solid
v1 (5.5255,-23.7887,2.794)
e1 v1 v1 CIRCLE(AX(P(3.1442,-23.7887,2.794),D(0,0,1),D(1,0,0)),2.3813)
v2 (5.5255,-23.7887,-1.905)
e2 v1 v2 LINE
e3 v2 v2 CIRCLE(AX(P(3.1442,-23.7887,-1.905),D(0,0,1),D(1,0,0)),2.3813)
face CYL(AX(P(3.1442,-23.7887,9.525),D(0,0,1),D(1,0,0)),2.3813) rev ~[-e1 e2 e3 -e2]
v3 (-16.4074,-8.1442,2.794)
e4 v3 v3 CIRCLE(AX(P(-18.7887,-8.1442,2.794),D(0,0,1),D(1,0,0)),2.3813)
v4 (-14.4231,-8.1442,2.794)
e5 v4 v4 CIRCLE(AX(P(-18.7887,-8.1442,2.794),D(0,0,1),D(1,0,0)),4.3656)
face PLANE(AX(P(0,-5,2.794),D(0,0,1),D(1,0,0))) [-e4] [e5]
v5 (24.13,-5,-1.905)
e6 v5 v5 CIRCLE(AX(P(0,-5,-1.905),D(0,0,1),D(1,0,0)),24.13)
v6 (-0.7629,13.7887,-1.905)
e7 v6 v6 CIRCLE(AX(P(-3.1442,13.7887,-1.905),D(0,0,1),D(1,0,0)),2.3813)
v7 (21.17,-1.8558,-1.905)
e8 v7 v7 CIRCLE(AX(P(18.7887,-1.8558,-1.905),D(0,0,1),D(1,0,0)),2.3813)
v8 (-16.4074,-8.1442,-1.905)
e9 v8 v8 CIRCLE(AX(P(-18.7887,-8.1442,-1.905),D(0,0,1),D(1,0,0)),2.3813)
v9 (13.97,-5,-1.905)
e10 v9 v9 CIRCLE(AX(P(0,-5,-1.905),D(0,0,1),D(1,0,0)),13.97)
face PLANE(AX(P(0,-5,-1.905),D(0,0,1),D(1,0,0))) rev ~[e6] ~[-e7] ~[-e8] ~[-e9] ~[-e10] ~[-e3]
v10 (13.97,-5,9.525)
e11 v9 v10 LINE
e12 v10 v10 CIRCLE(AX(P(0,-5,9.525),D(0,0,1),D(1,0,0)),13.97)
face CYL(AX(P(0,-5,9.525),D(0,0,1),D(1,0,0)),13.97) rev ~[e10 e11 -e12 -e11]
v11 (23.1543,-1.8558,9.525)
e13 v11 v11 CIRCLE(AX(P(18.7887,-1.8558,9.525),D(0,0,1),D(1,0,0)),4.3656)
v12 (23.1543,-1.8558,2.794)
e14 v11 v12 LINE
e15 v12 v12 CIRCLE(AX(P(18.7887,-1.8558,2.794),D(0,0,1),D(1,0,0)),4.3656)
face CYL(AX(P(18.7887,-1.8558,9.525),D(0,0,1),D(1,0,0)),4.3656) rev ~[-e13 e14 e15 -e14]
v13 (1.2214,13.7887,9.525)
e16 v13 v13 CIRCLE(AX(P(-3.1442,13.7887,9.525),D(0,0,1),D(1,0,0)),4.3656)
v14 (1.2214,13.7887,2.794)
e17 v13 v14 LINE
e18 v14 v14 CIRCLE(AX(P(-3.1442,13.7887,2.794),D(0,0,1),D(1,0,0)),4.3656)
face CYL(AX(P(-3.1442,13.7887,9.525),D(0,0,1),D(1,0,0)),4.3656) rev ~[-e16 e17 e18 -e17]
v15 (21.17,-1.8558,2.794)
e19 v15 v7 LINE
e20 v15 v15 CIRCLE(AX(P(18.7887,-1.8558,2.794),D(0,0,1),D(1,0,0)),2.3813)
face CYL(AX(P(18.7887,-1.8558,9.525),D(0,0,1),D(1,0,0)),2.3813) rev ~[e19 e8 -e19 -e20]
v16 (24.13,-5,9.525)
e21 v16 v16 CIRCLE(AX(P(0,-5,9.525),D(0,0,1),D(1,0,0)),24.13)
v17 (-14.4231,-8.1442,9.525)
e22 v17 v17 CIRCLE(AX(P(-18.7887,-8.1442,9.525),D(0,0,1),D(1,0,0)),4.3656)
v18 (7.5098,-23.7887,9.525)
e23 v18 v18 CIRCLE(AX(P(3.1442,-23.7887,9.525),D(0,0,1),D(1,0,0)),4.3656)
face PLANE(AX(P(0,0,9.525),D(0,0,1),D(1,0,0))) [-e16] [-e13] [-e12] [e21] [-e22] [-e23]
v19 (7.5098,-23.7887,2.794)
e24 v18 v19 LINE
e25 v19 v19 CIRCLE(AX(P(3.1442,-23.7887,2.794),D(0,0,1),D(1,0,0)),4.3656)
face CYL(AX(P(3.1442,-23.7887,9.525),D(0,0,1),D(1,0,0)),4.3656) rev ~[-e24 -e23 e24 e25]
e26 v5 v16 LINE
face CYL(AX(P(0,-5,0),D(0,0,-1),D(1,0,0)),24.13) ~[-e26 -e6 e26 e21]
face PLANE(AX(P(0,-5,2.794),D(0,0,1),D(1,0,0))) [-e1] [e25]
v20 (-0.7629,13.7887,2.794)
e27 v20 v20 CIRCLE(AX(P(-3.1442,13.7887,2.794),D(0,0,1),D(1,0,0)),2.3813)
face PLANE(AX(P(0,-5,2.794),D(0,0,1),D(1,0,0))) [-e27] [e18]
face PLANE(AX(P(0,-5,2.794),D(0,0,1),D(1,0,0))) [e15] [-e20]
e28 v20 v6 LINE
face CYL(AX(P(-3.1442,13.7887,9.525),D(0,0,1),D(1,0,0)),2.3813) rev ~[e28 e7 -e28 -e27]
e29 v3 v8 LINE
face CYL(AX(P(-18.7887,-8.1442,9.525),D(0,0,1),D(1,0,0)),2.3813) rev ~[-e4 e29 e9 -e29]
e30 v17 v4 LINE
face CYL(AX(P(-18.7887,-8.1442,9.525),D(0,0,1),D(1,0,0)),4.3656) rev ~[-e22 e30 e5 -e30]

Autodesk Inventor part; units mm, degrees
ref_plane "YZ Plane" through (0, 0, 0) normal (1, 0, 0) x (0, 1, 0)
ref_plane "XZ Plane" through (0, 0, 0) normal (0, 1, 0) x (-1, 0, 0)
sketch "Sketch1" plane through (0, 0, 0) normal (0, 0, 1) x (1, 0, 0)
  circle A0 centre (0, -5) radius 24.13
  arc A1 (8.8745, 26.3158) -> (5.7516, 27.0368) centre (0, -5) ccw projected
  arc A2 (4.2323, 24.7681) -> (5.7516, 27.0368) centre (-4.1491, 32.0239) ccw projected
  arc A3 (-2.4071, 24.9709) -> (4.2323, 24.7681) centre (0.994, 27.5338) ccw projected
  arc A4 (-3.7851, 27.3282) -> (-2.4071, 24.9709) centre (6.4016, 31.7016) ccw projected
  arc A5 (-3.7851, 27.3282) -> (-6.9462, 26.7992) centre (0, -5) ccw projected
  arc A6 (-7.4816, 24.1217) -> (-6.9462, 26.7992) centre (-18.0017, 27.6179) ccw projected
  arc A7 (-13.6933, 21.7684) -> (-7.4816, 24.1217) centre (-11.5318, 25.4377) ccw projected
  arc A8 (-15.8684, 23.4189) -> (-13.6933, 21.7684) centre (-8.1308, 31.3576) ccw projected
  arc A9 (-15.8684, 23.4189) -> (-18.5865, 21.7204) centre (0, -5) ccw projected
  arc A10 (-18.0565, 19.0419) -> (-18.5865, 21.7204) centre (-29.1137, 18.246) ccw projected
  arc A11 (-22.8947, 14.4906) -> (-18.0565, 19.0419) centre (-22.302, 18.7078) ccw projected
  arc A12 (-25.5359, 15.183) -> (-22.8947, 14.4906) centre (-21.4253, 25.4785) ccw projected
  arc A13 (-25.5359, 15.183) -> (-27.3971, 12.5737) centre (0, -5) ccw projected
  arc A14 (-25.8825, 10.3019) -> (-27.3971, 12.5737) centre (-35.7934, 5.3352) ccw projected
  arc A15 (-28.6107, 4.2455) -> (-25.8825, 10.3019) centre (-29.677, 8.3685) ccw projected
  arc A16 (-31.3158, 3.8745) -> (-28.6107, 4.2455) centre (-31.4581, 14.9594) ccw projected
  arc A17 (-31.3158, 3.8745) -> (-32.0368, 0.7516) centre (0, -5) ccw projected
  arc A18 (-29.7681, -0.7677) -> (-32.0368, 0.7516) centre (-37.0239, -9.1491) ccw projected
  arc A19 (-29.9709, -7.4071) -> (-29.7681, -0.7677) centre (-32.5338, -4.006) ccw projected
  arc A20 (-32.3282, -8.7851) -> (-29.9709, -7.4071) centre (-36.7016, 1.4016) ccw projected
  arc A21 (-32.3282, -8.7851) -> (-31.7992, -11.9462) centre (0, -5) ccw projected
  arc A22 (-29.1217, -12.4816) -> (-31.7992, -11.9462) centre (-32.6179, -23.0017) ccw projected
  arc A23 (-26.7684, -18.6933) -> (-29.1217, -12.4816) centre (-30.4377, -16.5318) ccw projected
  arc A24 (-28.4189, -20.8684) -> (-26.7684, -18.6933) centre (-36.3576, -13.1308) ccw projected
  arc A25 (-28.4189, -20.8684) -> (-26.7204, -23.5865) centre (0, -5) ccw projected
  arc A26 (-24.0419, -23.0565) -> (-26.7204, -23.5865) centre (-23.246, -34.1137) ccw projected
  arc A27 (-19.4906, -27.8947) -> (-24.0419, -23.0565) centre (-23.7078, -27.302) ccw projected
  arc A28 (-20.183, -30.5359) -> (-19.4906, -27.8947) centre (-30.4785, -26.4253) ccw projected
  arc A29 (-20.183, -30.5359) -> (-17.5737, -32.3971) centre (0, -5) ccw projected
  arc A30 (-15.3019, -30.8825) -> (-17.5737, -32.3971) centre (-10.3352, -40.7934) ccw projected
  arc A31 (-9.2455, -33.6107) -> (-15.3019, -30.8825) centre (-13.3685, -34.677) ccw projected
  arc A32 (-8.8745, -36.3158) -> (-9.2455, -33.6107) centre (-19.9594, -36.4581) ccw projected
  arc A33 (-8.8745, -36.3158) -> (-5.7516, -37.0368) centre (0, -5) ccw projected
  arc A34 (-4.2323, -34.7681) -> (-5.7516, -37.0368) centre (4.1491, -42.0239) ccw projected
  arc A35 (2.4071, -34.9709) -> (-4.2323, -34.7681) centre (-0.994, -37.5338) ccw projected
  arc A36 (3.7851, -37.3282) -> (2.4071, -34.9709) centre (-6.4016, -41.7016) ccw projected
  arc A37 (3.7851, -37.3282) -> (6.9462, -36.7992) centre (0, -5) ccw projected
  arc A38 (7.4816, -34.1217) -> (6.9462, -36.7992) centre (18.0017, -37.6179) ccw projected
  arc A39 (13.6933, -31.7684) -> (7.4816, -34.1217) centre (11.5318, -35.4377) ccw projected
  arc A40 (15.8684, -33.4189) -> (13.6933, -31.7684) centre (8.1308, -41.3576) ccw projected
  arc A41 (15.8684, -33.4189) -> (18.5865, -31.7204) centre (0, -5) ccw projected
  arc A42 (18.0565, -29.0419) -> (18.5865, -31.7204) centre (29.1137, -28.246) ccw projected
  arc A43 (22.8947, -24.4906) -> (18.0565, -29.0419) centre (22.302, -28.7078) ccw projected
  arc A44 (25.5359, -25.183) -> (22.8947, -24.4906) centre (21.4253, -35.4785) ccw projected
  arc A45 (25.5359, -25.183) -> (27.3971, -22.5737) centre (0, -5) ccw projected
  arc A46 (25.8825, -20.3019) -> (27.3971, -22.5737) centre (35.7934, -15.3352) ccw projected
  arc A47 (28.6107, -14.2455) -> (25.8825, -20.3019) centre (29.677, -18.3685) ccw projected
  arc A48 (31.3158, -13.8745) -> (28.6107, -14.2455) centre (31.4581, -24.9594) ccw projected
  arc A49 (31.3158, -13.8745) -> (32.0368, -10.7516) centre (0, -5) ccw projected
  arc A50 (29.7681, -9.2323) -> (32.0368, -10.7516) centre (37.0239, -0.8509) ccw projected
  arc A51 (29.9709, -2.5929) -> (29.7681, -9.2323) centre (32.5338, -5.994) ccw projected
  arc A52 (32.3282, -1.2149) -> (29.9709, -2.5929) centre (36.7016, -11.4016) ccw projected
  arc A53 (32.3282, -1.2149) -> (31.7992, 1.9462) centre (0, -5) ccw projected
  arc A54 (29.1217, 2.4816) -> (31.7992, 1.9462) centre (32.6179, 13.0017) ccw projected
  arc A55 (26.7684, 8.6933) -> (29.1217, 2.4816) centre (30.4377, 6.5318) ccw projected
  arc A56 (28.4189, 10.8684) -> (26.7684, 8.6933) centre (36.3576, 3.1308) ccw projected
  arc A57 (28.4189, 10.8684) -> (26.7204, 13.5865) centre (0, -5) ccw projected
  arc A58 (24.0419, 13.0565) -> (26.7204, 13.5865) centre (23.246, 24.1137) ccw projected
  arc A59 (19.4906, 17.8947) -> (24.0419, 13.0565) centre (23.7078, 17.302) ccw projected
  arc A60 (20.183, 20.5359) -> (19.4906, 17.8947) centre (30.4785, 16.4253) ccw projected
  arc A61 (20.183, 20.5359) -> (17.5737, 22.3971) centre (0, -5) ccw projected
  arc A62 (15.3019, 20.8825) -> (17.5737, 22.3971) centre (10.3352, 30.7934) ccw projected
  arc A63 (9.2455, 23.6107) -> (15.3019, 20.8825) centre (13.3685, 24.677) ccw projected
  arc A64 (8.8745, 26.3158) -> (9.2455, 23.6107) centre (19.9594, 26.4581) ccw projected
  circle A65 centre (0, -5) radius 13.97 projected
  circle A66 centre (-3.1442, 13.7887) radius 2.3813 projected
  circle A67 centre (18.7887, -1.8558) radius 2.3813 projected
  circle A68 centre (-18.7887, -8.1442) radius 2.3813 projected
  circle A69 centre (3.1442, -23.7887) radius 2.3813 projected
  point P0 (0, 0)
  dimension "d0" = 48.26
extrude "Extrusion1" add sketch "Sketch1" along normal blind 9.525 contours A0 | A65 | A66 | A67 | A68 | A69
sketch "Sketch2" plane through (0, -5, 9.525) normal (0, 0, 1) x (1, 0, 0)
  circle A0 centre (0, 0) radius 24.13 projected
  circle A1 centre (0, 19.05) radius 4.7625
  circle A2 centre (-19.05, 0) radius 1.27 projected
  circle A3 centre (-19.05, 0) radius 4.7625
  circle A4 centre (19.05, 0) radius 4.7625
  circle A5 centre (0, -19.05) radius 4.7625
  point P0 (0, 5)
  dimension "d3" = 9.525
  dimension "d4" = 9.525
  dimension "d5" = 9.525
  dimension "d6" = 9.525
ref_plane "Work Plane1" through (-23.0187, -8.9687, 4.5858) normal (0, 0, -1) x (0, 1, 0)
extrude "Extrusion2" [suppressed]
sketch "Sketch3" plane through (0, -5, 9.525) normal (0, 0, 1) x (1, 0, 0)
  circle A0 centre (0, 0) radius 13.97
  point P0 (0, 5)
  dimension "d9" = 27.94
extrude "Extrusion3" cut sketch "Sketch3" against normal blind 39.6875
sketch "Sketch4" plane through (0, -5, 9.525) normal (0, 0, 1) x (1, 0, 0)
  circle A0 centre (0, 0) radius 13.97 projected
  circle A1 centre (0, 0) radius 24.13 projected
  point P0 (0, 5)
extrude "Extrusion4" add sketch "Sketch4" against normal blind 11.43
sketch "Sketch5" plane through (0, -5, 9.525) normal (0, 0, 1) x (1, 0, 0)
  circle A0 centre (-3.1442, 18.7887) radius 2.3813 projected
  circle A1 centre (18.7887, 3.1442) radius 2.3813 projected
  circle A2 centre (-18.7887, -3.1442) radius 2.3813 projected
  circle A3 centre (3.1442, -18.7887) radius 2.3813 projected
  circle A4 centre (0, 0) radius 13.97 projected
  arc A5 (8.8745, 31.3158) -> (5.7516, 32.0368) centre (0, 0) ccw projected
  arc A6 (4.2323, 29.7681) -> (5.7516, 32.0368) centre (-4.1491, 37.0239) ccw projected
  arc A7 (-2.4071, 29.9709) -> (4.2323, 29.7681) centre (0.994, 32.5338) ccw projected
  arc A8 (-3.7851, 32.3282) -> (-2.4071, 29.9709) centre (6.4016, 36.7016) ccw projected
  arc A9 (-3.7851, 32.3282) -> (-6.9462, 31.7992) centre (0, 0) ccw projected
  arc A10 (-7.4816, 29.1217) -> (-6.9462, 31.7992) centre (-18.0017, 32.6179) ccw projected
  arc A11 (-13.6933, 26.7684) -> (-7.4816, 29.1217) centre (-11.5318, 30.4377) ccw projected
  arc A12 (-15.8684, 28.4189) -> (-13.6933, 26.7684) centre (-8.1308, 36.3576) ccw projected
  arc A13 (-15.8684, 28.4189) -> (-18.5865, 26.7204) centre (0, 0) ccw projected
  arc A14 (-18.0565, 24.0419) -> (-18.5865, 26.7204) centre (-29.1137, 23.246) ccw projected
  arc A15 (-22.8947, 19.4906) -> (-18.0565, 24.0419) centre (-22.302, 23.7078) ccw projected
  arc A16 (-25.5359, 20.183) -> (-22.8947, 19.4906) centre (-21.4253, 30.4785) ccw projected
  arc A17 (-25.5359, 20.183) -> (-27.3971, 17.5737) centre (0, 0) ccw projected
  arc A18 (-25.8825, 15.3019) -> (-27.3971, 17.5737) centre (-35.7934, 10.3352) ccw projected
  arc A19 (-28.6107, 9.2455) -> (-25.8825, 15.3019) centre (-29.677, 13.3685) ccw projected
  arc A20 (-31.3158, 8.8745) -> (-28.6107, 9.2455) centre (-31.4581, 19.9594) ccw projected
  arc A21 (-31.3158, 8.8745) -> (-32.0368, 5.7516) centre (0, 0) ccw projected
  arc A22 (-29.7681, 4.2323) -> (-32.0368, 5.7516) centre (-37.0239, -4.1491) ccw projected
  arc A23 (-29.9709, -2.4071) -> (-29.7681, 4.2323) centre (-32.5338, 0.994) ccw projected
  arc A24 (-32.3282, -3.7851) -> (-29.9709, -2.4071) centre (-36.7016, 6.4016) ccw projected
  arc A25 (-32.3282, -3.7851) -> (-31.7992, -6.9462) centre (0, 0) ccw projected
  arc A26 (-29.1217, -7.4816) -> (-31.7992, -6.9462) centre (-32.6179, -18.0017) ccw projected
  arc A27 (-26.7684, -13.6933) -> (-29.1217, -7.4816) centre (-30.4377, -11.5318) ccw projected
  arc A28 (-28.4189, -15.8684) -> (-26.7684, -13.6933) centre (-36.3576, -8.1308) ccw projected
  arc A29 (-28.4189, -15.8684) -> (-26.7204, -18.5865) centre (0, 0) ccw projected
  arc A30 (-24.0419, -18.0565) -> (-26.7204, -18.5865) centre (-23.246, -29.1137) ccw projected
  arc A31 (-19.4906, -22.8947) -> (-24.0419, -18.0565) centre (-23.7078, -22.302) ccw projected
  arc A32 (-20.183, -25.5359) -> (-19.4906, -22.8947) centre (-30.4785, -21.4253) ccw projected
  arc A33 (-20.183, -25.5359) -> (-17.5737, -27.3971) centre (0, 0) ccw projected
  arc A34 (-15.3019, -25.8825) -> (-17.5737, -27.3971) centre (-10.3352, -35.7934) ccw projected
  arc A35 (-9.2455, -28.6107) -> (-15.3019, -25.8825) centre (-13.3685, -29.677) ccw projected
  arc A36 (-8.8745, -31.3158) -> (-9.2455, -28.6107) centre (-19.9594, -31.4581) ccw projected
  arc A37 (-8.8745, -31.3158) -> (-5.7516, -32.0368) centre (0, 0) ccw projected
  arc A38 (-4.2323, -29.7681) -> (-5.7516, -32.0368) centre (4.1491, -37.0239) ccw projected
  arc A39 (2.4071, -29.9709) -> (-4.2323, -29.7681) centre (-0.994, -32.5338) ccw projected
  arc A40 (3.7851, -32.3282) -> (2.4071, -29.9709) centre (-6.4016, -36.7016) ccw projected
  arc A41 (3.7851, -32.3282) -> (6.9462, -31.7992) centre (0, 0) ccw projected
  arc A42 (7.4816, -29.1217) -> (6.9462, -31.7992) centre (18.0017, -32.6179) ccw projected
  arc A43 (13.6933, -26.7684) -> (7.4816, -29.1217) centre (11.5318, -30.4377) ccw projected
  arc A44 (15.8684, -28.4189) -> (13.6933, -26.7684) centre (8.1308, -36.3576) ccw projected
  arc A45 (15.8684, -28.4189) -> (18.5865, -26.7204) centre (0, 0) ccw projected
  arc A46 (18.0565, -24.0419) -> (18.5865, -26.7204) centre (29.1137, -23.246) ccw projected
  arc A47 (22.8947, -19.4906) -> (18.0565, -24.0419) centre (22.302, -23.7078) ccw projected
  arc A48 (25.5359, -20.183) -> (22.8947, -19.4906) centre (21.4253, -30.4785) ccw projected
  arc A49 (25.5359, -20.183) -> (27.3971, -17.5737) centre (0, 0) ccw projected
  arc A50 (25.8825, -15.3019) -> (27.3971, -17.5737) centre (35.7934, -10.3352) ccw projected
  arc A51 (28.6107, -9.2455) -> (25.8825, -15.3019) centre (29.677, -13.3685) ccw projected
  arc A52 (31.3158, -8.8745) -> (28.6107, -9.2455) centre (31.4581, -19.9594) ccw projected
  arc A53 (31.3158, -8.8745) -> (32.0368, -5.7516) centre (0, 0) ccw projected
  arc A54 (29.7681, -4.2323) -> (32.0368, -5.7516) centre (37.0239, 4.1491) ccw projected
  arc A55 (29.9709, 2.4071) -> (29.7681, -4.2323) centre (32.5338, -0.994) ccw projected
  arc A56 (32.3282, 3.7851) -> (29.9709, 2.4071) centre (36.7016, -6.4016) ccw projected
  arc A57 (32.3282, 3.7851) -> (31.7992, 6.9462) centre (0, 0) ccw projected
  arc A58 (29.1217, 7.4816) -> (31.7992, 6.9462) centre (32.6179, 18.0017) ccw projected
  arc A59 (26.7684, 13.6933) -> (29.1217, 7.4816) centre (30.4377, 11.5318) ccw projected
  arc A60 (28.4189, 15.8684) -> (26.7684, 13.6933) centre (36.3576, 8.1308) ccw projected
  arc A61 (28.4189, 15.8684) -> (26.7204, 18.5865) centre (0, 0) ccw projected
  arc A62 (24.0419, 18.0565) -> (26.7204, 18.5865) centre (23.246, 29.1137) ccw projected
  arc A63 (19.4906, 22.8947) -> (24.0419, 18.0565) centre (23.7078, 22.302) ccw projected
  arc A64 (20.183, 25.5359) -> (19.4906, 22.8947) centre (30.4785, 21.4253) ccw projected
  arc A65 (20.183, 25.5359) -> (17.5737, 27.3971) centre (0, 0) ccw projected
  arc A66 (15.3019, 25.8825) -> (17.5737, 27.3971) centre (10.3352, 35.7934) ccw projected
  arc A67 (9.2455, 28.6107) -> (15.3019, 25.8825) centre (13.3685, 29.677) ccw projected
  arc A68 (8.8745, 31.3158) -> (9.2455, 28.6107) centre (19.9594, 31.4581) ccw projected
  circle A69 centre (3.1442, -18.7887) radius 4.3656
  circle A70 centre (-18.7887, -3.1442) radius 4.3656
  circle A71 centre (18.7887, 3.1442) radius 4.3656
  circle A72 centre (-3.1442, 18.7887) radius 4.3656
  point P0 (0, 5)
  dimension "d14" = 8.7312
  dimension "d17" = 8.7312
  dimension "d18" = 8.7312
  dimension "d19" = 8.7312
extrude "Extrusion5" cut sketch "Sketch5" against normal blind 6.731 contours A0 | A1 | A2 | A3 | A69 | A70 | A71 | A72
sketch "Sketch6" plane through (0, -5, 9.525) normal (0, 0, 1) x (1, 0, 0)
  circle A0 centre (0, 0) radius 24.13 projected
  circle A1 centre (-3.1442, 18.7887) radius 2.3813 projected
  circle A2 centre (18.7887, 3.1442) radius 2.3813 projected
  circle A3 centre (-18.7887, -3.1442) radius 2.3813 projected
  circle A4 centre (3.1442, -18.7887) radius 2.3813 projected
  circle A5 centre (0, 0) radius 13.97 projected
  arc A6 (8.8745, 31.3158) -> (5.7516, 32.0368) centre (0, 0) ccw projected
  arc A7 (4.2323, 29.7681) -> (5.7516, 32.0368) centre (-4.1491, 37.0239) ccw projected
  arc A8 (-2.4071, 29.9709) -> (4.2323, 29.7681) centre (0.994, 32.5338) ccw projected
  arc A9 (-3.7851, 32.3282) -> (-2.4071, 29.9709) centre (6.4016, 36.7016) ccw projected
  arc A10 (-3.7851, 32.3282) -> (-6.9462, 31.7992) centre (0, 0) ccw projected
  arc A11 (-7.4816, 29.1217) -> (-6.9462, 31.7992) centre (-18.0017, 32.6179) ccw projected
  arc A12 (-13.6933, 26.7684) -> (-7.4816, 29.1217) centre (-11.5318, 30.4377) ccw projected
  arc A13 (-15.8684, 28.4189) -> (-13.6933, 26.7684) centre (-8.1308, 36.3576) ccw projected
  arc A14 (-15.8684, 28.4189) -> (-18.5865, 26.7204) centre (0, 0) ccw projected
  arc A15 (-18.0565, 24.0419) -> (-18.5865, 26.7204) centre (-29.1137, 23.246) ccw projected
  arc A16 (-22.8947, 19.4906) -> (-18.0565, 24.0419) centre (-22.302, 23.7078) ccw projected
  arc A17 (-25.5359, 20.183) -> (-22.8947, 19.4906) centre (-21.4253, 30.4785) ccw projected
  arc A18 (-25.5359, 20.183) -> (-27.3971, 17.5737) centre (0, 0) ccw projected
  arc A19 (-25.8825, 15.3019) -> (-27.3971, 17.5737) centre (-35.7934, 10.3352) ccw projected
  arc A20 (-28.6107, 9.2455) -> (-25.8825, 15.3019) centre (-29.677, 13.3685) ccw projected
  arc A21 (-31.3158, 8.8745) -> (-28.6107, 9.2455) centre (-31.4581, 19.9594) ccw projected
  arc A22 (-31.3158, 8.8745) -> (-32.0368, 5.7516) centre (0, 0) ccw projected
  arc A23 (-29.7681, 4.2323) -> (-32.0368, 5.7516) centre (-37.0239, -4.1491) ccw projected
  arc A24 (-29.9709, -2.4071) -> (-29.7681, 4.2323) centre (-32.5338, 0.994) ccw projected
  arc A25 (-32.3282, -3.7851) -> (-29.9709, -2.4071) centre (-36.7016, 6.4016) ccw projected
  arc A26 (-32.3282, -3.7851) -> (-31.7992, -6.9462) centre (0, 0) ccw projected
  arc A27 (-29.1217, -7.4816) -> (-31.7992, -6.9462) centre (-32.6179, -18.0017) ccw projected
  arc A28 (-26.7684, -13.6933) -> (-29.1217, -7.4816) centre (-30.4377, -11.5318) ccw projected
  arc A29 (-28.4189, -15.8684) -> (-26.7684, -13.6933) centre (-36.3576, -8.1308) ccw projected
  arc A30 (-28.4189, -15.8684) -> (-26.7204, -18.5865) centre (0, 0) ccw projected
  arc A31 (-24.0419, -18.0565) -> (-26.7204, -18.5865) centre (-23.246, -29.1137) ccw projected
  arc A32 (-19.4906, -22.8947) -> (-24.0419, -18.0565) centre (-23.7078, -22.302) ccw projected
  arc A33 (-20.183, -25.5359) -> (-19.4906, -22.8947) centre (-30.4785, -21.4253) ccw projected
  arc A34 (-20.183, -25.5359) -> (-17.5737, -27.3971) centre (0, 0) ccw projected
  arc A35 (-15.3019, -25.8825) -> (-17.5737, -27.3971) centre (-10.3352, -35.7934) ccw projected
  arc A36 (-9.2455, -28.6107) -> (-15.3019, -25.8825) centre (-13.3685, -29.677) ccw projected
  arc A37 (-8.8745, -31.3158) -> (-9.2455, -28.6107) centre (-19.9594, -31.4581) ccw projected
  arc A38 (-8.8745, -31.3158) -> (-5.7516, -32.0368) centre (0, 0) ccw projected
  arc A39 (-4.2323, -29.7681) -> (-5.7516, -32.0368) centre (4.1491, -37.0239) ccw projected
  arc A40 (2.4071, -29.9709) -> (-4.2323, -29.7681) centre (-0.994, -32.5338) ccw projected
  arc A41 (3.7851, -32.3282) -> (2.4071, -29.9709) centre (-6.4016, -36.7016) ccw projected
  arc A42 (3.7851, -32.3282) -> (6.9462, -31.7992) centre (0, 0) ccw projected
  arc A43 (7.4816, -29.1217) -> (6.9462, -31.7992) centre (18.0017, -32.6179) ccw projected
  arc A44 (13.6933, -26.7684) -> (7.4816, -29.1217) centre (11.5318, -30.4377) ccw projected
  arc A45 (15.8684, -28.4189) -> (13.6933, -26.7684) centre (8.1308, -36.3576) ccw projected
  arc A46 (15.8684, -28.4189) -> (18.5865, -26.7204) centre (0, 0) ccw projected
  arc A47 (18.0565, -24.0419) -> (18.5865, -26.7204) centre (29.1137, -23.246) ccw projected
  arc A48 (22.8947, -19.4906) -> (18.0565, -24.0419) centre (22.302, -23.7078) ccw projected
  arc A49 (25.5359, -20.183) -> (22.8947, -19.4906) centre (21.4253, -30.4785) ccw projected
  arc A50 (25.5359, -20.183) -> (27.3971, -17.5737) centre (0, 0) ccw projected
  arc A51 (25.8825, -15.3019) -> (27.3971, -17.5737) centre (35.7934, -10.3352) ccw projected
  arc A52 (28.6107, -9.2455) -> (25.8825, -15.3019) centre (29.677, -13.3685) ccw projected
  arc A53 (31.3158, -8.8745) -> (28.6107, -9.2455) centre (31.4581, -19.9594) ccw projected
  arc A54 (31.3158, -8.8745) -> (32.0368, -5.7516) centre (0, 0) ccw projected
  arc A55 (29.7681, -4.2323) -> (32.0368, -5.7516) centre (37.0239, 4.1491) ccw projected
  arc A56 (29.9709, 2.4071) -> (29.7681, -4.2323) centre (32.5338, -0.994) ccw projected
  arc A57 (32.3282, 3.7851) -> (29.9709, 2.4071) centre (36.7016, -6.4016) ccw projected
  arc A58 (32.3282, 3.7851) -> (31.7992, 6.9462) centre (0, 0) ccw projected
  arc A59 (29.1217, 7.4816) -> (31.7992, 6.9462) centre (32.6179, 18.0017) ccw projected
  arc A60 (26.7684, 13.6933) -> (29.1217, 7.4816) centre (30.4377, 11.5318) ccw projected
  arc A61 (28.4189, 15.8684) -> (26.7684, 13.6933) centre (36.3576, 8.1308) ccw projected
  arc A62 (28.4189, 15.8684) -> (26.7204, 18.5865) centre (0, 0) ccw projected
  arc A63 (24.0419, 18.0565) -> (26.7204, 18.5865) centre (23.246, 29.1137) ccw projected
  arc A64 (19.4906, 22.8947) -> (24.0419, 18.0565) centre (23.7078, 22.302) ccw projected
  arc A65 (20.183, 25.5359) -> (19.4906, 22.8947) centre (30.4785, 21.4253) ccw projected
  arc A66 (20.183, 25.5359) -> (17.5737, 27.3971) centre (0, 0) ccw projected
  arc A67 (15.3019, 25.8825) -> (17.5737, 27.3971) centre (10.3352, 35.7934) ccw projected
  arc A68 (9.2455, 28.6107) -> (15.3019, 25.8825) centre (13.3685, 29.677) ccw projected
  arc A69 (8.8745, 31.3158) -> (9.2455, 28.6107) centre (19.9594, 31.4581) ccw projected
  point P0 (0, 5)
extrude "Extrusion6" cut sketch "Sketch6" against normal blind 11.43 contours A1 | A2 | A3 | A4
properties part number "counterbore side"
